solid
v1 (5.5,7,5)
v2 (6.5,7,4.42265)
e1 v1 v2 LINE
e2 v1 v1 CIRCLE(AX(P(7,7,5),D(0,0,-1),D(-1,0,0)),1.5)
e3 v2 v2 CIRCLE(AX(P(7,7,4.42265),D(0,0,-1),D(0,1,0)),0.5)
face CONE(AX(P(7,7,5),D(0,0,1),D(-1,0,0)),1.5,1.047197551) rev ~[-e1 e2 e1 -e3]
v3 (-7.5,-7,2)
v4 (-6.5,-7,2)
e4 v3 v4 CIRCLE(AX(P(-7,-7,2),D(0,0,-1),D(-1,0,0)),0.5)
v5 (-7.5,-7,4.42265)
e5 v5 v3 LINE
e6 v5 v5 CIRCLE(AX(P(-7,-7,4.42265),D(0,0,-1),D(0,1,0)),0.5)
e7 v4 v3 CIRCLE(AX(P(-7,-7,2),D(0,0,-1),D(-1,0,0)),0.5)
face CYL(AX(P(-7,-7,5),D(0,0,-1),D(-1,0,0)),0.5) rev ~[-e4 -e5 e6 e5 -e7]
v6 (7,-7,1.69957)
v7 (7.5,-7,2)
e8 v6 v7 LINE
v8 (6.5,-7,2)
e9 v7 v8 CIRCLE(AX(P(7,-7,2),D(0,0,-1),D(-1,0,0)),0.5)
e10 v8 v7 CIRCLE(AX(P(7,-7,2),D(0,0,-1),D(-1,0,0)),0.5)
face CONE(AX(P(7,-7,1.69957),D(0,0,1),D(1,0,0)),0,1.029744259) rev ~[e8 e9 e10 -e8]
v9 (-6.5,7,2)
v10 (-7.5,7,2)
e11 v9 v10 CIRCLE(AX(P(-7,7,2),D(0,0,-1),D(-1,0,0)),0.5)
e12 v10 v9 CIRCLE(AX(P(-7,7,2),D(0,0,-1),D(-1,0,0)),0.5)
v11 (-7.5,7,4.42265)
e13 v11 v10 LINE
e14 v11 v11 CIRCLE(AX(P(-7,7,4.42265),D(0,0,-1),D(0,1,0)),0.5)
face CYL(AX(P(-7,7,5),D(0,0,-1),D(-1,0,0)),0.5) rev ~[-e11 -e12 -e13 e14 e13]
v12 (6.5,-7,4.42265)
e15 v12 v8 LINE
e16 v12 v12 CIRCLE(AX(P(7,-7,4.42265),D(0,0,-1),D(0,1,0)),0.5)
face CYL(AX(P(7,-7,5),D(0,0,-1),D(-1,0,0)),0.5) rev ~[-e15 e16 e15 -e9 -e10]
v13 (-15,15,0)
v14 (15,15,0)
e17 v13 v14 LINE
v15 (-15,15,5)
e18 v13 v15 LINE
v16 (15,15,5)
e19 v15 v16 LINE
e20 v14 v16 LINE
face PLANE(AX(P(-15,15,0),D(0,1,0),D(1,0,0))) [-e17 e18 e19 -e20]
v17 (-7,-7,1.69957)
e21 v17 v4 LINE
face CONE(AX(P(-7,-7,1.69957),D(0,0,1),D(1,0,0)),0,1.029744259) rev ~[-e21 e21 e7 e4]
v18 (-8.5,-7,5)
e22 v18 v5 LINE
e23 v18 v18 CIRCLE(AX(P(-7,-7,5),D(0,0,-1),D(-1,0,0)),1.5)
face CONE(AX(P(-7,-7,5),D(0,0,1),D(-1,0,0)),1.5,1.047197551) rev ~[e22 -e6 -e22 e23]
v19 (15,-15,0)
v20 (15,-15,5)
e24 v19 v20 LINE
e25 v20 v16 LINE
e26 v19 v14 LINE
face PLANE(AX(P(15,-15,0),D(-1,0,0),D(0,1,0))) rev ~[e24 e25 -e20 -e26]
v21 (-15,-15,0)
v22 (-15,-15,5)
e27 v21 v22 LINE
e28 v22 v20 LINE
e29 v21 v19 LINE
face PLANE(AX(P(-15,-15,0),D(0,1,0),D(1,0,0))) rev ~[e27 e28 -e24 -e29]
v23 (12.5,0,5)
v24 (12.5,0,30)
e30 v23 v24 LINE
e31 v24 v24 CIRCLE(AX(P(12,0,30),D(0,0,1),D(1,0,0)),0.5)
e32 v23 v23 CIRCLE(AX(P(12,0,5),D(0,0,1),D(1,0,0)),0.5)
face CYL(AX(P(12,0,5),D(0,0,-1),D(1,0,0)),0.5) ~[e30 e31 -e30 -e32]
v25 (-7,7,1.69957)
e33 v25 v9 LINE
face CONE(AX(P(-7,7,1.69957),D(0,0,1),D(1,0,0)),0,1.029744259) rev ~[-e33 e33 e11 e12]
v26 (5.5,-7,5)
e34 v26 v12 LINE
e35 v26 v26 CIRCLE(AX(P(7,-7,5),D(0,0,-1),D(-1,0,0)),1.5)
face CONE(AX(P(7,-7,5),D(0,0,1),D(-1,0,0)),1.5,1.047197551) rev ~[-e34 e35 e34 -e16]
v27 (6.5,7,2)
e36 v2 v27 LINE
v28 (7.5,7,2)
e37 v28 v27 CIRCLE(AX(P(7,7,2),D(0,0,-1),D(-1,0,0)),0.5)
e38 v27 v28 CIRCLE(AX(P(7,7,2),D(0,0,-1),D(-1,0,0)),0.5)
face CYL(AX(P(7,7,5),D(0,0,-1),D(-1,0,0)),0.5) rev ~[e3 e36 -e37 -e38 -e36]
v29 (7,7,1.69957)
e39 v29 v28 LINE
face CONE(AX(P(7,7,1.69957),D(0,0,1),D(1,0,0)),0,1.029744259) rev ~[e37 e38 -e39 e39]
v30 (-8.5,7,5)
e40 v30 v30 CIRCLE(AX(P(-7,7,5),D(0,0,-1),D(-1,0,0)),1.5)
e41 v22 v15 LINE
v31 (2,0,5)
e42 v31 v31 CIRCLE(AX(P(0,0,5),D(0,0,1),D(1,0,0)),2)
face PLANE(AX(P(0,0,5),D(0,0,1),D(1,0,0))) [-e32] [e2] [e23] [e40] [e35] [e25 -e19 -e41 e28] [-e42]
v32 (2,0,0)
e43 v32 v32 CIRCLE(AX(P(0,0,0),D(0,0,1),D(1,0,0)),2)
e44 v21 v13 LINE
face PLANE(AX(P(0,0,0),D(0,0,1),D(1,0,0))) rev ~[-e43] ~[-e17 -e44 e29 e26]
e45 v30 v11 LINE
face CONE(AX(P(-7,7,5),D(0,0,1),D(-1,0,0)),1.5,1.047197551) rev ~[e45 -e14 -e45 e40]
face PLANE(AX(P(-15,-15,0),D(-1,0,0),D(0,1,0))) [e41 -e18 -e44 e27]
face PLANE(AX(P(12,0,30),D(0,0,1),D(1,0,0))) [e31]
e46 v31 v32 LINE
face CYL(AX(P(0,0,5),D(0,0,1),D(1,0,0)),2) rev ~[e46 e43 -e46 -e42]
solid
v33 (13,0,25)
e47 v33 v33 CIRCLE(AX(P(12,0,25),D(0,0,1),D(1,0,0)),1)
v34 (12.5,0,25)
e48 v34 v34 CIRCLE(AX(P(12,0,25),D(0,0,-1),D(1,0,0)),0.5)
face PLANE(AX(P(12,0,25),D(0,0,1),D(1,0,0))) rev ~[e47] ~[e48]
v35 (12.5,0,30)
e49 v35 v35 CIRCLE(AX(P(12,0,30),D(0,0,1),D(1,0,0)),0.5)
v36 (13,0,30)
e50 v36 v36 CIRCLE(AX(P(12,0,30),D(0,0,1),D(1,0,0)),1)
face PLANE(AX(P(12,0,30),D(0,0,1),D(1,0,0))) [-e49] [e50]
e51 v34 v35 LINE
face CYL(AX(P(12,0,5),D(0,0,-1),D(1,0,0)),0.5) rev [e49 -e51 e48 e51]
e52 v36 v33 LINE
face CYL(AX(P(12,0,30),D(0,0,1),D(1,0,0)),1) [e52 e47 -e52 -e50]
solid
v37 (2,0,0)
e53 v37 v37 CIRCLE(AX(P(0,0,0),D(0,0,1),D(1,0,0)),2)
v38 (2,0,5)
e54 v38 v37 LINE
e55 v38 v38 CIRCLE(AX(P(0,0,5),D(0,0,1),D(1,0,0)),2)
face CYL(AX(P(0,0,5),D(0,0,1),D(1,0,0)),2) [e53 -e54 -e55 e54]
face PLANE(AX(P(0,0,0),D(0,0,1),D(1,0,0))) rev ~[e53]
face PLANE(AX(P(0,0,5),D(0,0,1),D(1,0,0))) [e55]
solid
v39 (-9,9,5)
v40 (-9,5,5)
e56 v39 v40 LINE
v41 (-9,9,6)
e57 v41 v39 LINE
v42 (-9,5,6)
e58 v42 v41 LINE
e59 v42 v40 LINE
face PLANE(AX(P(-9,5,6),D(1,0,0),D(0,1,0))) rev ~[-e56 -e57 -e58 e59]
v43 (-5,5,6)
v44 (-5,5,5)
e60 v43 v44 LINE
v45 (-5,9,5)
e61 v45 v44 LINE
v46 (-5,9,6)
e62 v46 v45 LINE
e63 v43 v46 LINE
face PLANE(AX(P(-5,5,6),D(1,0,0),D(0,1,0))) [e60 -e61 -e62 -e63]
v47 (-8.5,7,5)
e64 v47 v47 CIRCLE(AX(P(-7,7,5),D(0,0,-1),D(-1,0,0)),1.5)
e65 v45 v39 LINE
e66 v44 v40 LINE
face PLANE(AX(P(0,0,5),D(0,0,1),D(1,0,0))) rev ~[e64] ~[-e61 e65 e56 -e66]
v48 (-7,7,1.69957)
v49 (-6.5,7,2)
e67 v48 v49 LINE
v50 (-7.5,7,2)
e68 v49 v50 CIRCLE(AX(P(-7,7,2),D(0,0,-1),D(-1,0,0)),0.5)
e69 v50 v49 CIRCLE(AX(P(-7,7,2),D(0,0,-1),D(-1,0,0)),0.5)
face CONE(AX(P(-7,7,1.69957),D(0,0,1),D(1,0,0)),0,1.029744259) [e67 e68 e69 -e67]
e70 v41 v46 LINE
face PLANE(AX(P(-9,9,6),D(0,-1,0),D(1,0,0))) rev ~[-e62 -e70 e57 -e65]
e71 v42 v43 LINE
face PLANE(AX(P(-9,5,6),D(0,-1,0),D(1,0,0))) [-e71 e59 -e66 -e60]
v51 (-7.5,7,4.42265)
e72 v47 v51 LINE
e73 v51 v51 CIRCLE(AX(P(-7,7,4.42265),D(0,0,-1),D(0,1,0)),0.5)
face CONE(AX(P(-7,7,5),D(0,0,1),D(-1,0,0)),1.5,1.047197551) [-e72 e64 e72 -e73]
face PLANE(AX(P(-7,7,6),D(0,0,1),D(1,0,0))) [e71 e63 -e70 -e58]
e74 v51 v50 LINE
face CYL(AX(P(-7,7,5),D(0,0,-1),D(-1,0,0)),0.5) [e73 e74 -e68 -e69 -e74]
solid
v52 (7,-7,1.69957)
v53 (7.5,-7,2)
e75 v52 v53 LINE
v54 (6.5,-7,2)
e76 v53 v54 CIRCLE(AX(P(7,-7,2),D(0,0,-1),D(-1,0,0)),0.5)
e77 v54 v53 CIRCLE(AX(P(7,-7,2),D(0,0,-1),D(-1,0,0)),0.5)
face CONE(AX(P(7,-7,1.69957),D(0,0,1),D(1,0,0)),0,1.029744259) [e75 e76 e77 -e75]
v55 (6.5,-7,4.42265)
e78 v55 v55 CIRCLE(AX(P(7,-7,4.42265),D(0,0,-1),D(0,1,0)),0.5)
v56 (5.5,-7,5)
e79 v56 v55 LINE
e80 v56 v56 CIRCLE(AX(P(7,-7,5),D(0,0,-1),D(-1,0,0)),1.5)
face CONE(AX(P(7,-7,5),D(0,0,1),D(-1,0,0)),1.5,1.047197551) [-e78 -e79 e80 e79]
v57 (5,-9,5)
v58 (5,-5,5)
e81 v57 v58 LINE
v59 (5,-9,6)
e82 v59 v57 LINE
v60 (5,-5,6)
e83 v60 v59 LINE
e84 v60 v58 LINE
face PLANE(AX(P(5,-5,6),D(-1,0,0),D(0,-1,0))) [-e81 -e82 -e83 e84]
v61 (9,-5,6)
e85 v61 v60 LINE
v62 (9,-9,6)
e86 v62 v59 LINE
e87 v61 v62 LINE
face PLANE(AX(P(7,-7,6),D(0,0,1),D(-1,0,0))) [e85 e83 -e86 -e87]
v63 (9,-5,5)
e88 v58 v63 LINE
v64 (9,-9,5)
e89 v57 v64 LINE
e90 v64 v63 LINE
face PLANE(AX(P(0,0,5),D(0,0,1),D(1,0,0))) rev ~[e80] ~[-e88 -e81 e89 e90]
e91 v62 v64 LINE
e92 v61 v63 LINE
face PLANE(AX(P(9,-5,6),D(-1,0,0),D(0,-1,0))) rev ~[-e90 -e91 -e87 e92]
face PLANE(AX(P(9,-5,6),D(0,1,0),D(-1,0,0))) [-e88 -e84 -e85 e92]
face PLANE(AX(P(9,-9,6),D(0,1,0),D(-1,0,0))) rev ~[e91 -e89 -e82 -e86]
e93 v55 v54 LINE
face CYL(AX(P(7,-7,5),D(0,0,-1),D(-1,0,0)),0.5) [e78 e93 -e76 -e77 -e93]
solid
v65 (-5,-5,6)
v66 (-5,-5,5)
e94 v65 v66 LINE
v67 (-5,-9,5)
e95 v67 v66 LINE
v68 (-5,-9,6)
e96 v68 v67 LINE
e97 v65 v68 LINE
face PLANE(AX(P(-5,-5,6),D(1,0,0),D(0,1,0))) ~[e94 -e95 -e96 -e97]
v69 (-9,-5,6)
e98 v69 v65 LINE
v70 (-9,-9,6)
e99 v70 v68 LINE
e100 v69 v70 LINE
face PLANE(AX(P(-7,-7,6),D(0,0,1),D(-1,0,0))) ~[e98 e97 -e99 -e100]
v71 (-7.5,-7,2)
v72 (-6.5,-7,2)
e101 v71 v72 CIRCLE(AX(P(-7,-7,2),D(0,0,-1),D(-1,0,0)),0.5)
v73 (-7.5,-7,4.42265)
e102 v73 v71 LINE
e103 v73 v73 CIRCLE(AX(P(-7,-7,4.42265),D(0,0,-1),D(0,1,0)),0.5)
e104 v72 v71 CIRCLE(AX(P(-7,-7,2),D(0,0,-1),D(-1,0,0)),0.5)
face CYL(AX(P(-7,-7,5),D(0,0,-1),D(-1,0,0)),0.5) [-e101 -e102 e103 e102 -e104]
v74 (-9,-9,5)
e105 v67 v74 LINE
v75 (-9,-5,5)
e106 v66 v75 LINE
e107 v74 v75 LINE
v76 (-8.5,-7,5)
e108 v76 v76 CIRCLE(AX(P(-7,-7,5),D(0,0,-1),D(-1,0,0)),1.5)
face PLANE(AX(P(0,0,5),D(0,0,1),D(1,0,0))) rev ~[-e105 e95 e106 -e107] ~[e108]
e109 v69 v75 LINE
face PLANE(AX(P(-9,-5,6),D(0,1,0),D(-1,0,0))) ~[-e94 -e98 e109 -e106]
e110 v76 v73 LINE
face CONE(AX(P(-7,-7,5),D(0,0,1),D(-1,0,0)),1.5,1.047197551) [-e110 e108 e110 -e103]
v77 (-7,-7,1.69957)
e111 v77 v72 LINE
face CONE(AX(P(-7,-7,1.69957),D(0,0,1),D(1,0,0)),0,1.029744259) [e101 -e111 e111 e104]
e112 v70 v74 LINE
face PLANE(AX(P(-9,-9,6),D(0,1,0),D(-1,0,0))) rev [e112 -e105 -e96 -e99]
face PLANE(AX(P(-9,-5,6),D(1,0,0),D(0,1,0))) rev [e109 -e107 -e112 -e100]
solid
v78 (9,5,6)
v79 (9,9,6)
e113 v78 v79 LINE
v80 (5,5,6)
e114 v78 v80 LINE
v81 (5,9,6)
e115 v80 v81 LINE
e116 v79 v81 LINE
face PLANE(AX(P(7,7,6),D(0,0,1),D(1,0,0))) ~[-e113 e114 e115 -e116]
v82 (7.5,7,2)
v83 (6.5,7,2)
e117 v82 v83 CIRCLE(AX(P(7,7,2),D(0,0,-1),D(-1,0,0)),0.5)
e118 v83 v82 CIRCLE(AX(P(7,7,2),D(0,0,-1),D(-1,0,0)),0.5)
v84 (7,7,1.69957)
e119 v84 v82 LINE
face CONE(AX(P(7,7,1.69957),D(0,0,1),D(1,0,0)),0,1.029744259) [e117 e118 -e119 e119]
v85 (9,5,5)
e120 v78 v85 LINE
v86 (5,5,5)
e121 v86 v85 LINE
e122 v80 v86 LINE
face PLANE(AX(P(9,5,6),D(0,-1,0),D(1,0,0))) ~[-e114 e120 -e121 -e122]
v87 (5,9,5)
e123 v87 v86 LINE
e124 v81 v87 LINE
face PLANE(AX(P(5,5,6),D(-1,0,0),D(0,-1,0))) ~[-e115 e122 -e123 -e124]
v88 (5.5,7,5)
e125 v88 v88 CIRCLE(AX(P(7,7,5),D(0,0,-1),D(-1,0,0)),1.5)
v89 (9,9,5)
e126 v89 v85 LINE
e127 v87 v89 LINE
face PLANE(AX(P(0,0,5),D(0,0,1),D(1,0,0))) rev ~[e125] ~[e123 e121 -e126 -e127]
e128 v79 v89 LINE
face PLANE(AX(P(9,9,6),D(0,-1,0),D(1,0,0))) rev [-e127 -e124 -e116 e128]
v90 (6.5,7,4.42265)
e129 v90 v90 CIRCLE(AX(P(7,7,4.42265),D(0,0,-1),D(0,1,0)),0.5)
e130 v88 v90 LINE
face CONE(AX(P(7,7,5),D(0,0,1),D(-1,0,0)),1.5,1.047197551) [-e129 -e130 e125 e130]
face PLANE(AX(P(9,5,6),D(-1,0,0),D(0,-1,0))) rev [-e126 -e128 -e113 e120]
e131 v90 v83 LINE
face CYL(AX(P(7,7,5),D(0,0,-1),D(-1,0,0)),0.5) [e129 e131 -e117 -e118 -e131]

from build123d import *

# Parameters (mm, degrees)
F0_W           = 30
F0_H           = 30
F1_DEPTH       = 5
F3_D           = 1
F3_DEPTH       = 3
F3_CSINK_D     = 3
F3_CSINK_ANGLE = 120
F3_TIP         = 0.3004303095
F5_W           = 4
F5_H           = 4
F6_DEPTH       = 6
F10_R          = 0.5
F11_DEPTH      = 25
F12_R          = 1
F13_DEPTH      = 5
F15_R          = 2
F16_DEPTH      = 5


with BuildPart() as f1:
    # F0 (on Top) → F1 (new body)
    with BuildSketch(Plane.XY):
        Rectangle(F0_W, F0_H)
    extrude(amount=F1_DEPTH)

    # F3
    with Locations(Plane.XY.offset(5)):
        with Locations((-7, 7), (-7, -7), (7, -7), (7, 7)):
            CounterSinkHole(F3_D / 2, F3_CSINK_D / 2, depth=F3_DEPTH, counter_sink_angle=F3_CSINK_ANGLE)
            with Locations((0, 0, -(F3_DEPTH + F3_TIP / 2))):  # 118° drill point
                Cone(0, F3_D / 2, F3_TIP, mode=Mode.SUBTRACT)


with BuildPart() as f6:
    # F5 (on offset) → F6 (new body, through all)
    with BuildSketch(Plane.XY.offset(6)):
        with Locations((-7, 7)):
            Rectangle(F5_W, F5_H)
    extrude(amount=-F6_DEPTH)


with BuildPart() as f7_1:
    # F7: instance of F6
    add(f6.part.mirror(Plane.YZ))


with BuildPart() as f8_1:
    # F8: instance of F6
    add(f6.part.mirror(Plane.XZ))

    # F9: cut F1
    add(f1.part, mode=Mode.SUBTRACT)


with BuildPart() as f8_2:
    # F8: instance of F7_1
    add(f7_1.part.mirror(Plane.XZ))

    # F9: cut F1
    add(f1.part, mode=Mode.SUBTRACT)


with BuildPart() as f6_1:
    add(f6.part)

    # F9: cut F1
    add(f1.part, mode=Mode.SUBTRACT)


with BuildPart() as f7_1_1:
    add(f7_1.part)

    # F9: cut F1
    add(f1.part, mode=Mode.SUBTRACT)


with BuildPart() as f1_1:
    add(f1.part)

    # F10 (on face) → F11 (join)
    with BuildSketch(Plane.XY.offset(5)):
        with Locations((12, 0)):
            Circle(F10_R)
    extrude(amount=F11_DEPTH)


with BuildPart() as f13:
    # F12 (on face) → F13 (new body)
    with BuildSketch(Plane.XY.offset(30)):
        with Locations((12, 0)):
            Circle(F12_R)
    extrude(amount=-F13_DEPTH)

    # F14: cut F1
    add(f1_1.part, mode=Mode.SUBTRACT)


with BuildPart() as f16:
    # F15 (on face) → F16 (new body, through all)
    with BuildSketch(Plane.XY.offset(5)):
        Circle(F15_R)
    extrude(amount=-F16_DEPTH)


with BuildPart() as f1_2:
    add(f1_1.part)

    # F17: cut F16
    add(f16.part, mode=Mode.SUBTRACT)


solid = Compound([f8_1.part, f8_2.part, f6_1.part, f7_1_1.part, f13.part, f16.part, f1_2.part])
